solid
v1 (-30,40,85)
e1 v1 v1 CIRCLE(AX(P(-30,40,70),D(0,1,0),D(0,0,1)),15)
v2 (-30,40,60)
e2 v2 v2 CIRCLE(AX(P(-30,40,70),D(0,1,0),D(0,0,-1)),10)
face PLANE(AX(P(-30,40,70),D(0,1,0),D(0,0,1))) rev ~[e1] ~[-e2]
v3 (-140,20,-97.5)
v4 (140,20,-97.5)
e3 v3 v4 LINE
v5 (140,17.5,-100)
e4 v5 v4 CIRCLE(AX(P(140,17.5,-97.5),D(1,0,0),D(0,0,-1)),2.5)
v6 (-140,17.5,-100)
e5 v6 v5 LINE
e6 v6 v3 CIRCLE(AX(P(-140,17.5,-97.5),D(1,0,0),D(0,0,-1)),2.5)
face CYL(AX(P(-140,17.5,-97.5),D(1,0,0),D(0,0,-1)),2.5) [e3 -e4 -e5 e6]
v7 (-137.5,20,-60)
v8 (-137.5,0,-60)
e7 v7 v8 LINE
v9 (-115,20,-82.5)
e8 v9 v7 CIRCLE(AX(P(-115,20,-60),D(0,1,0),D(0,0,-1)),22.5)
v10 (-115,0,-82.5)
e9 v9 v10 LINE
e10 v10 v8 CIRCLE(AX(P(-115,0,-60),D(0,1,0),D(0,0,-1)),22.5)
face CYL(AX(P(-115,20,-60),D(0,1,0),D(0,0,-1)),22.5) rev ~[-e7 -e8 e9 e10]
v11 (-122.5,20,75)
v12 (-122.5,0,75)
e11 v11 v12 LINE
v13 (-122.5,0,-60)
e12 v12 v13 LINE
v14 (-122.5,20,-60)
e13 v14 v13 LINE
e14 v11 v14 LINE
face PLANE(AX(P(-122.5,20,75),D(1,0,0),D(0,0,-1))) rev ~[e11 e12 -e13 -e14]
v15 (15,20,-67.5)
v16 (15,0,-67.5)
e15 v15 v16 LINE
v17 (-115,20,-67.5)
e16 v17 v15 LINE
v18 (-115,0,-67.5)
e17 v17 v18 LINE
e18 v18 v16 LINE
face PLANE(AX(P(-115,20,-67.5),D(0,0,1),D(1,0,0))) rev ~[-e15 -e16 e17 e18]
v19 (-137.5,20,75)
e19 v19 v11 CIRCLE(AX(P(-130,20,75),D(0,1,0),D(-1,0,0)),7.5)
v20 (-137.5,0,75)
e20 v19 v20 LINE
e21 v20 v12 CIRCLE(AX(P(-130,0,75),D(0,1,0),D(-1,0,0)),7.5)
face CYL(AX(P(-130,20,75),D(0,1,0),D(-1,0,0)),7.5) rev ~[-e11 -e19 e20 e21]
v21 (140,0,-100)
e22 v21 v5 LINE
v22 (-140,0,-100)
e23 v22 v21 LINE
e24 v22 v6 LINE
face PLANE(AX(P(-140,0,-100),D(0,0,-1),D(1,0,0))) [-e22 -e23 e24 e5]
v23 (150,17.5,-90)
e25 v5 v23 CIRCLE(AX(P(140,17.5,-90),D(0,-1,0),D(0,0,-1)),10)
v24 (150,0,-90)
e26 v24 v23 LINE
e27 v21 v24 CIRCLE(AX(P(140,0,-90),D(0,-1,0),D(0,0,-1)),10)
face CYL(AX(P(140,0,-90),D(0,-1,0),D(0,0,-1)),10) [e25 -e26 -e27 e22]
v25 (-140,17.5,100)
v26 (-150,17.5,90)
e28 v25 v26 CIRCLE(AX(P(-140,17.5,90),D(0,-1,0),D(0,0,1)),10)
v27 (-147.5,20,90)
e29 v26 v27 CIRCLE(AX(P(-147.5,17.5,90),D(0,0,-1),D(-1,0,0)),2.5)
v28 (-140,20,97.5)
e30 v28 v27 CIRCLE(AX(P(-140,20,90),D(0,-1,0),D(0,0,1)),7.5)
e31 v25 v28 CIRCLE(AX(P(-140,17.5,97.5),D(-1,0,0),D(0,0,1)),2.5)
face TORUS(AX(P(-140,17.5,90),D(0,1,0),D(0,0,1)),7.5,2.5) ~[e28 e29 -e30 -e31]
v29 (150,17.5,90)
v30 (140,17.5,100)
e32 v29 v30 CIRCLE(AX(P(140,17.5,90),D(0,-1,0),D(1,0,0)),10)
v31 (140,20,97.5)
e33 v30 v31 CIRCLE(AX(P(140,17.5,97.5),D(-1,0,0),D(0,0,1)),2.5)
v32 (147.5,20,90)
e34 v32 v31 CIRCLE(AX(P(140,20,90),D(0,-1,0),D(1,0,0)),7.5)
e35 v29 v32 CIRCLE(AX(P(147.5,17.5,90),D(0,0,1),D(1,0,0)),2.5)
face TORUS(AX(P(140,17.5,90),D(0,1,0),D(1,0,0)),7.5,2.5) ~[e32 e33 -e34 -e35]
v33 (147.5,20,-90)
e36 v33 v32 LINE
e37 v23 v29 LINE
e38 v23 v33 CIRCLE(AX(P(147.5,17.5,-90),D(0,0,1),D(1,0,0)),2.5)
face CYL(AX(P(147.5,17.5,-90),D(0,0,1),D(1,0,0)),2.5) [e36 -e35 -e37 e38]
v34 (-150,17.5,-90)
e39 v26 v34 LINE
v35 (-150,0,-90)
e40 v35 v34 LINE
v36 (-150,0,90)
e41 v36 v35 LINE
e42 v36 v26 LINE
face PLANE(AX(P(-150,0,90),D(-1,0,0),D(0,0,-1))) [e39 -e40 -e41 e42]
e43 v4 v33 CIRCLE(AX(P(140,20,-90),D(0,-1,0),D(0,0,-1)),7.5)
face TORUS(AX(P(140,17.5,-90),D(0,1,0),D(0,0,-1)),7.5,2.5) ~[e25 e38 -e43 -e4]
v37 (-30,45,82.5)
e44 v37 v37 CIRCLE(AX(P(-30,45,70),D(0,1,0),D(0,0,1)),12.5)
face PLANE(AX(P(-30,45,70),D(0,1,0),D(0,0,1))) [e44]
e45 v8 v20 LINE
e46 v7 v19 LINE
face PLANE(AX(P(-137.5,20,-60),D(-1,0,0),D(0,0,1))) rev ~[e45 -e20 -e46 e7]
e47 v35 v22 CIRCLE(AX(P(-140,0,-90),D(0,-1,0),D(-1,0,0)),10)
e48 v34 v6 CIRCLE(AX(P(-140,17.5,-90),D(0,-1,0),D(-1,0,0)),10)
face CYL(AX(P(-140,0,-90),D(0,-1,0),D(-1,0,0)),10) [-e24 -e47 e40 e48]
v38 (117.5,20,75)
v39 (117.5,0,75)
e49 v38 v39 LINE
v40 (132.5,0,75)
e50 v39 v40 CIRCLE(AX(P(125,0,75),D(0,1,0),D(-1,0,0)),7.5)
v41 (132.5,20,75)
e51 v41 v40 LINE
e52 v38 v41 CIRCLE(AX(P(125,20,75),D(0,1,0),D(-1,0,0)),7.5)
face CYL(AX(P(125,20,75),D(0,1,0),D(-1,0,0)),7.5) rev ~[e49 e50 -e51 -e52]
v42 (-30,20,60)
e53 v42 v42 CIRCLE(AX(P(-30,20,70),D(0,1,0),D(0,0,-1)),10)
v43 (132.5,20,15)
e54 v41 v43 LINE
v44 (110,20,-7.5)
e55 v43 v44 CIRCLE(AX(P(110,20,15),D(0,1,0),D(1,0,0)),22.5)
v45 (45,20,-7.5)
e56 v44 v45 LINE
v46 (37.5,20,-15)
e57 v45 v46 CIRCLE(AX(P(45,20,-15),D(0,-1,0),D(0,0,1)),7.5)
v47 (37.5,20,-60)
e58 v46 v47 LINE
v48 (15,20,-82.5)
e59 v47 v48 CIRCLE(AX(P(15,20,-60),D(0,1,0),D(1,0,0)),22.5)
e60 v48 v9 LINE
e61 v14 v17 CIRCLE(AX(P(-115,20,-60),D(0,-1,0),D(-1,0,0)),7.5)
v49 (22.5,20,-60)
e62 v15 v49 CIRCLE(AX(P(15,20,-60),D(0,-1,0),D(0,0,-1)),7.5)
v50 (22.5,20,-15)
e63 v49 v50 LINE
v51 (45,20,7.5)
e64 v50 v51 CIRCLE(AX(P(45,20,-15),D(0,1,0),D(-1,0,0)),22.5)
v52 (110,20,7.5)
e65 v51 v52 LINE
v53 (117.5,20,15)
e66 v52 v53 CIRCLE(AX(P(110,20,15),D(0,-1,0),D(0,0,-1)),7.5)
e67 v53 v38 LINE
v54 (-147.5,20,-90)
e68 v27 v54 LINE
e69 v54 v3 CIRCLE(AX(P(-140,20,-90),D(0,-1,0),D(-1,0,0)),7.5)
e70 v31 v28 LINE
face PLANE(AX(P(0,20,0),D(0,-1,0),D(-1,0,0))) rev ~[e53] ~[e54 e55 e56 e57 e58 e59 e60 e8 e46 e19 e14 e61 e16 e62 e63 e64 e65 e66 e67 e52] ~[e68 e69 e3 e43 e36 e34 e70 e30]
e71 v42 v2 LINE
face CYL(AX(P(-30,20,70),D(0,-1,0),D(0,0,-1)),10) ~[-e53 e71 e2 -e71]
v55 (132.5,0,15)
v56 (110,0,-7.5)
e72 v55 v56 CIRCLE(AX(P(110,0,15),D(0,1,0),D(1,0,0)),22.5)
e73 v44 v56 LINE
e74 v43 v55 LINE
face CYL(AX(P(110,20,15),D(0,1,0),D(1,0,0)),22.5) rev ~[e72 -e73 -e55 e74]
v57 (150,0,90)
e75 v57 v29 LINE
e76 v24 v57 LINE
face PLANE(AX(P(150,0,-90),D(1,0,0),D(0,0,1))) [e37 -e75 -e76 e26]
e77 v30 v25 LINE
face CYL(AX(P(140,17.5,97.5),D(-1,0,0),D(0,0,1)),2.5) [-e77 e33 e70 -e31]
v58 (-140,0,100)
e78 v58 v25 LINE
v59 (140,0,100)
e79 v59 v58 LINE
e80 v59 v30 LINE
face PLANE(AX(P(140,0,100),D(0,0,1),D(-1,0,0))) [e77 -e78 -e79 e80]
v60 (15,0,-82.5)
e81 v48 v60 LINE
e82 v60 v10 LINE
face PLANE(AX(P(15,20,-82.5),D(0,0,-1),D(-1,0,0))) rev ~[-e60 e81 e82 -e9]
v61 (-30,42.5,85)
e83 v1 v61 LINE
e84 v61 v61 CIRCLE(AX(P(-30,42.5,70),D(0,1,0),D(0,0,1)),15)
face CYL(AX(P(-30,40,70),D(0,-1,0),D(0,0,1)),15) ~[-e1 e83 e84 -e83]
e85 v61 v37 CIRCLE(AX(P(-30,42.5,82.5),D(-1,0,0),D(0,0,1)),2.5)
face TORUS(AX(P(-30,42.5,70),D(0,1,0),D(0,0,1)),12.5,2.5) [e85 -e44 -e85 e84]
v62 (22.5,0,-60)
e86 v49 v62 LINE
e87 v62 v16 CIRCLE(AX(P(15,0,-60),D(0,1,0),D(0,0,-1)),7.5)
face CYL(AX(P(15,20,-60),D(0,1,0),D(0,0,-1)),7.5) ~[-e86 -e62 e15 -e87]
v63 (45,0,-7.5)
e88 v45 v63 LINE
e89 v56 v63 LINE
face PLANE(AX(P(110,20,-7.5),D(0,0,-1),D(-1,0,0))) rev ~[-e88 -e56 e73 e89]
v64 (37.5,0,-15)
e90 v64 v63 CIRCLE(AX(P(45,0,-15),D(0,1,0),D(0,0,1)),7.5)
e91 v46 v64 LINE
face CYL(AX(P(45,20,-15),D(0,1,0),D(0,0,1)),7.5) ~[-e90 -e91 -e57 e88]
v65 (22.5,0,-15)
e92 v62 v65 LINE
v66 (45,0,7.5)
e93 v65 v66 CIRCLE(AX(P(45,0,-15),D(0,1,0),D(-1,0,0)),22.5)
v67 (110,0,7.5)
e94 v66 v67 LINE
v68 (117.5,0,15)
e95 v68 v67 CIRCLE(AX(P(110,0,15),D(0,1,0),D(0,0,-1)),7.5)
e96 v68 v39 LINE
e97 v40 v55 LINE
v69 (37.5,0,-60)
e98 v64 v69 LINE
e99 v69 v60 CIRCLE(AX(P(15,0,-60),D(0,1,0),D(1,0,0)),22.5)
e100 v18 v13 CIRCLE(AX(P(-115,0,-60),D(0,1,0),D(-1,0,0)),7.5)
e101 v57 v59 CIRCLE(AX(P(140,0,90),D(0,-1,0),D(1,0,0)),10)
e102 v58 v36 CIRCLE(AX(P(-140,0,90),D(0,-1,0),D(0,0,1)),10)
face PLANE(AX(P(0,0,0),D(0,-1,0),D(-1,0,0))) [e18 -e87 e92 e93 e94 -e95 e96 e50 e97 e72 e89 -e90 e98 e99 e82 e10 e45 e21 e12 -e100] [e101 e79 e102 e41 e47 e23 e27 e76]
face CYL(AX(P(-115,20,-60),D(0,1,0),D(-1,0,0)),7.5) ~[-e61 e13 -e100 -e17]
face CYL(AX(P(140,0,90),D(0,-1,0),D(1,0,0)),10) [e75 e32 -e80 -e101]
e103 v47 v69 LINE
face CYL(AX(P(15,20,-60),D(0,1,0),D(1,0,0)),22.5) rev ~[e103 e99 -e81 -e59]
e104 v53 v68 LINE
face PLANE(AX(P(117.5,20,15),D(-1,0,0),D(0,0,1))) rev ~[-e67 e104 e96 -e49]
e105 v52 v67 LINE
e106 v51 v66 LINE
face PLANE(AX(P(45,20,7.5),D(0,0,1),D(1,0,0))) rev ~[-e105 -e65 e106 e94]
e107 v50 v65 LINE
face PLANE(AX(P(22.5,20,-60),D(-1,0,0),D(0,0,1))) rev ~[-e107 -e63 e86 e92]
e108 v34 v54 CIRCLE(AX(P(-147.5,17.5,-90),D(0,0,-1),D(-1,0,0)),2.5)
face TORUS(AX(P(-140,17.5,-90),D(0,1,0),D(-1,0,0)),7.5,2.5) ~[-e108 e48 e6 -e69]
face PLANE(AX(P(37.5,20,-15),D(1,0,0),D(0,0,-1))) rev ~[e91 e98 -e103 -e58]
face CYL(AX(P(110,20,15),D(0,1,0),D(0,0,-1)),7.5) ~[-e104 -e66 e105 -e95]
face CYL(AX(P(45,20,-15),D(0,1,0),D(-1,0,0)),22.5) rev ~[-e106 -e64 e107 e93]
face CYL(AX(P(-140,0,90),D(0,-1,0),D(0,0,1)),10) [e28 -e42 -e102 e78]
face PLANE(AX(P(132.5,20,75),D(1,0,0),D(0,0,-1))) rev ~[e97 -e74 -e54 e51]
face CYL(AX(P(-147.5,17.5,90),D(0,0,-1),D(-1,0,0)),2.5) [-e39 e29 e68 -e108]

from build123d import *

# Parameters (mm, degrees)
BOSS_EXTRUDE1_DEPTH = 20
FILLET1_R           = 2.5
CUT_EXTRUDE1_REACH  = 183.384
SKETCH4_R           = 10
BOSS_EXTRUDE2_DEPTH = 20
SKETCH5_R           = 15
BOSS_EXTRUDE3_DEPTH = 5
FILLET2_R           = 2.5


with BuildPart() as part:
    # Sketch1 → Boss-Extrude1 (new body)
    with BuildSketch(Plane(origin=(0, 0, 0), x_dir=(1, 0, 0), z_dir=(0, 1, 0))):
        with BuildLine():
            Line((-140, 100), (140, 100))
            ThreePointArc((140, 100), (147.071067812, 97.071067812), (150, 90))
            Line((150, 90), (150, -90))
            ThreePointArc((150, -90), (147.071067812, -97.071067812), (140, -100))
            Line((140, -100), (-140, -100))
            ThreePointArc((-140, -100), (-147.071067812, -97.071067812), (-150, -90))
            Line((-150, -90), (-150, 90))
            ThreePointArc((-150, 90), (-147.071067812, 97.071067812), (-140, 100))
        make_face()
    extrude(amount=BOSS_EXTRUDE1_DEPTH)

    # Fillet1
    fillet1_edges = [part.edges().sort_by_distance(p)[0] for p in [
        (-147.071067812, 20, -97.071067812),
        (-150, 20, 0),
        (-147.071067812, 20, 97.071067812),
        (0, 20, 100),
        (147.071067812, 20, 97.071067812),
        (150, 20, 0),
        (147.071067812, 20, -97.071067812),
        (0, 20, -100),
    ]]
    fillet(fillet1_edges, radius=FILLET1_R)

    # Sketch3 → Cut-Extrude1 (cut, up to next)
    with BuildSketch(Plane(origin=(0, 20, 0), x_dir=(1, 0, 0), z_dir=(0, 1, 0)), mode=Mode.PRIVATE) as cut_extrude1_sk1:
        with BuildLine():
            Line((-122.5, -75), (-122.5, 60))
            ThreePointArc((-122.5, 60), (-120.303300859, 65.303300859), (-115, 67.5))
            Line((-115, 67.5), (15, 67.5))
            ThreePointArc((15, 67.5), (20.303300859, 65.303300859), (22.5, 60))
            Line((22.5, 60), (22.5, 15))
            ThreePointArc((22.5, 15), (29.090097423, -0.909902577), (45, -7.5))
            Line((45, -7.5), (110, -7.5))
            ThreePointArc((110, -7.5), (115.303300859, -9.696699141), (117.5, -15))
            Line((117.5, -15), (117.5, -75))
            ThreePointArc((117.5, -75), (125, -82.5), (132.5, -75))
            Line((132.5, -75), (132.5, -15))
            ThreePointArc((132.5, -15), (125.909902577, 0.909902577), (110, 7.5))
            Line((110, 7.5), (45, 7.5))
            ThreePointArc((45, 7.5), (39.696699141, 9.696699141), (37.5, 15))
            Line((37.5, 15), (37.5, 60))
            ThreePointArc((37.5, 60), (30.909902577, 75.909902577), (15, 82.5))
            Line((15, 82.5), (-115, 82.5))
            ThreePointArc((-115, 82.5), (-130.909902577, 75.909902577), (-137.5, 60))
            Line((-137.5, 60), (-137.5, -75))
            ThreePointArc((-137.5, -75), (-130, -82.5), (-122.5, -75))
        make_face()
    cut_extrude1_tool1 = extrude(cut_extrude1_sk1.sketch, amount=-CUT_EXTRUDE1_REACH, mode=Mode.PRIVATE) & part.part
    add(cut_extrude1_tool1.solids().sort_by_distance((-125.664253, 20, 7.5))[0], mode=Mode.SUBTRACT)

    # Sketch4 → Boss-Extrude2 (add)
    with BuildSketch(Plane(origin=(0, 20, 0), x_dir=(1, 0, 0), z_dir=(0, 1, 0))):
        with Locations(Location((-30, -70, 0), (0, 0, 90))):
            Circle(SKETCH4_R)
    extrude(amount=BOSS_EXTRUDE2_DEPTH)

    # Sketch5 → Boss-Extrude3 (add)
    with BuildSketch(Plane(origin=(0, 40, 0), x_dir=(1, 0, 0), z_dir=(0, 1, 0))):
        with Locations(Location((-30, -70, 0), (0, 0, 270))):
            Circle(SKETCH5_R)
    extrude(amount=BOSS_EXTRUDE3_DEPTH)

    # Fillet2
    fillet2_edges = [part.edges().sort_by_distance(p)[0] for p in [
        (-30, 45, 55),
    ]]
    fillet(fillet2_edges, radius=FILLET2_R)


solid = part.part
